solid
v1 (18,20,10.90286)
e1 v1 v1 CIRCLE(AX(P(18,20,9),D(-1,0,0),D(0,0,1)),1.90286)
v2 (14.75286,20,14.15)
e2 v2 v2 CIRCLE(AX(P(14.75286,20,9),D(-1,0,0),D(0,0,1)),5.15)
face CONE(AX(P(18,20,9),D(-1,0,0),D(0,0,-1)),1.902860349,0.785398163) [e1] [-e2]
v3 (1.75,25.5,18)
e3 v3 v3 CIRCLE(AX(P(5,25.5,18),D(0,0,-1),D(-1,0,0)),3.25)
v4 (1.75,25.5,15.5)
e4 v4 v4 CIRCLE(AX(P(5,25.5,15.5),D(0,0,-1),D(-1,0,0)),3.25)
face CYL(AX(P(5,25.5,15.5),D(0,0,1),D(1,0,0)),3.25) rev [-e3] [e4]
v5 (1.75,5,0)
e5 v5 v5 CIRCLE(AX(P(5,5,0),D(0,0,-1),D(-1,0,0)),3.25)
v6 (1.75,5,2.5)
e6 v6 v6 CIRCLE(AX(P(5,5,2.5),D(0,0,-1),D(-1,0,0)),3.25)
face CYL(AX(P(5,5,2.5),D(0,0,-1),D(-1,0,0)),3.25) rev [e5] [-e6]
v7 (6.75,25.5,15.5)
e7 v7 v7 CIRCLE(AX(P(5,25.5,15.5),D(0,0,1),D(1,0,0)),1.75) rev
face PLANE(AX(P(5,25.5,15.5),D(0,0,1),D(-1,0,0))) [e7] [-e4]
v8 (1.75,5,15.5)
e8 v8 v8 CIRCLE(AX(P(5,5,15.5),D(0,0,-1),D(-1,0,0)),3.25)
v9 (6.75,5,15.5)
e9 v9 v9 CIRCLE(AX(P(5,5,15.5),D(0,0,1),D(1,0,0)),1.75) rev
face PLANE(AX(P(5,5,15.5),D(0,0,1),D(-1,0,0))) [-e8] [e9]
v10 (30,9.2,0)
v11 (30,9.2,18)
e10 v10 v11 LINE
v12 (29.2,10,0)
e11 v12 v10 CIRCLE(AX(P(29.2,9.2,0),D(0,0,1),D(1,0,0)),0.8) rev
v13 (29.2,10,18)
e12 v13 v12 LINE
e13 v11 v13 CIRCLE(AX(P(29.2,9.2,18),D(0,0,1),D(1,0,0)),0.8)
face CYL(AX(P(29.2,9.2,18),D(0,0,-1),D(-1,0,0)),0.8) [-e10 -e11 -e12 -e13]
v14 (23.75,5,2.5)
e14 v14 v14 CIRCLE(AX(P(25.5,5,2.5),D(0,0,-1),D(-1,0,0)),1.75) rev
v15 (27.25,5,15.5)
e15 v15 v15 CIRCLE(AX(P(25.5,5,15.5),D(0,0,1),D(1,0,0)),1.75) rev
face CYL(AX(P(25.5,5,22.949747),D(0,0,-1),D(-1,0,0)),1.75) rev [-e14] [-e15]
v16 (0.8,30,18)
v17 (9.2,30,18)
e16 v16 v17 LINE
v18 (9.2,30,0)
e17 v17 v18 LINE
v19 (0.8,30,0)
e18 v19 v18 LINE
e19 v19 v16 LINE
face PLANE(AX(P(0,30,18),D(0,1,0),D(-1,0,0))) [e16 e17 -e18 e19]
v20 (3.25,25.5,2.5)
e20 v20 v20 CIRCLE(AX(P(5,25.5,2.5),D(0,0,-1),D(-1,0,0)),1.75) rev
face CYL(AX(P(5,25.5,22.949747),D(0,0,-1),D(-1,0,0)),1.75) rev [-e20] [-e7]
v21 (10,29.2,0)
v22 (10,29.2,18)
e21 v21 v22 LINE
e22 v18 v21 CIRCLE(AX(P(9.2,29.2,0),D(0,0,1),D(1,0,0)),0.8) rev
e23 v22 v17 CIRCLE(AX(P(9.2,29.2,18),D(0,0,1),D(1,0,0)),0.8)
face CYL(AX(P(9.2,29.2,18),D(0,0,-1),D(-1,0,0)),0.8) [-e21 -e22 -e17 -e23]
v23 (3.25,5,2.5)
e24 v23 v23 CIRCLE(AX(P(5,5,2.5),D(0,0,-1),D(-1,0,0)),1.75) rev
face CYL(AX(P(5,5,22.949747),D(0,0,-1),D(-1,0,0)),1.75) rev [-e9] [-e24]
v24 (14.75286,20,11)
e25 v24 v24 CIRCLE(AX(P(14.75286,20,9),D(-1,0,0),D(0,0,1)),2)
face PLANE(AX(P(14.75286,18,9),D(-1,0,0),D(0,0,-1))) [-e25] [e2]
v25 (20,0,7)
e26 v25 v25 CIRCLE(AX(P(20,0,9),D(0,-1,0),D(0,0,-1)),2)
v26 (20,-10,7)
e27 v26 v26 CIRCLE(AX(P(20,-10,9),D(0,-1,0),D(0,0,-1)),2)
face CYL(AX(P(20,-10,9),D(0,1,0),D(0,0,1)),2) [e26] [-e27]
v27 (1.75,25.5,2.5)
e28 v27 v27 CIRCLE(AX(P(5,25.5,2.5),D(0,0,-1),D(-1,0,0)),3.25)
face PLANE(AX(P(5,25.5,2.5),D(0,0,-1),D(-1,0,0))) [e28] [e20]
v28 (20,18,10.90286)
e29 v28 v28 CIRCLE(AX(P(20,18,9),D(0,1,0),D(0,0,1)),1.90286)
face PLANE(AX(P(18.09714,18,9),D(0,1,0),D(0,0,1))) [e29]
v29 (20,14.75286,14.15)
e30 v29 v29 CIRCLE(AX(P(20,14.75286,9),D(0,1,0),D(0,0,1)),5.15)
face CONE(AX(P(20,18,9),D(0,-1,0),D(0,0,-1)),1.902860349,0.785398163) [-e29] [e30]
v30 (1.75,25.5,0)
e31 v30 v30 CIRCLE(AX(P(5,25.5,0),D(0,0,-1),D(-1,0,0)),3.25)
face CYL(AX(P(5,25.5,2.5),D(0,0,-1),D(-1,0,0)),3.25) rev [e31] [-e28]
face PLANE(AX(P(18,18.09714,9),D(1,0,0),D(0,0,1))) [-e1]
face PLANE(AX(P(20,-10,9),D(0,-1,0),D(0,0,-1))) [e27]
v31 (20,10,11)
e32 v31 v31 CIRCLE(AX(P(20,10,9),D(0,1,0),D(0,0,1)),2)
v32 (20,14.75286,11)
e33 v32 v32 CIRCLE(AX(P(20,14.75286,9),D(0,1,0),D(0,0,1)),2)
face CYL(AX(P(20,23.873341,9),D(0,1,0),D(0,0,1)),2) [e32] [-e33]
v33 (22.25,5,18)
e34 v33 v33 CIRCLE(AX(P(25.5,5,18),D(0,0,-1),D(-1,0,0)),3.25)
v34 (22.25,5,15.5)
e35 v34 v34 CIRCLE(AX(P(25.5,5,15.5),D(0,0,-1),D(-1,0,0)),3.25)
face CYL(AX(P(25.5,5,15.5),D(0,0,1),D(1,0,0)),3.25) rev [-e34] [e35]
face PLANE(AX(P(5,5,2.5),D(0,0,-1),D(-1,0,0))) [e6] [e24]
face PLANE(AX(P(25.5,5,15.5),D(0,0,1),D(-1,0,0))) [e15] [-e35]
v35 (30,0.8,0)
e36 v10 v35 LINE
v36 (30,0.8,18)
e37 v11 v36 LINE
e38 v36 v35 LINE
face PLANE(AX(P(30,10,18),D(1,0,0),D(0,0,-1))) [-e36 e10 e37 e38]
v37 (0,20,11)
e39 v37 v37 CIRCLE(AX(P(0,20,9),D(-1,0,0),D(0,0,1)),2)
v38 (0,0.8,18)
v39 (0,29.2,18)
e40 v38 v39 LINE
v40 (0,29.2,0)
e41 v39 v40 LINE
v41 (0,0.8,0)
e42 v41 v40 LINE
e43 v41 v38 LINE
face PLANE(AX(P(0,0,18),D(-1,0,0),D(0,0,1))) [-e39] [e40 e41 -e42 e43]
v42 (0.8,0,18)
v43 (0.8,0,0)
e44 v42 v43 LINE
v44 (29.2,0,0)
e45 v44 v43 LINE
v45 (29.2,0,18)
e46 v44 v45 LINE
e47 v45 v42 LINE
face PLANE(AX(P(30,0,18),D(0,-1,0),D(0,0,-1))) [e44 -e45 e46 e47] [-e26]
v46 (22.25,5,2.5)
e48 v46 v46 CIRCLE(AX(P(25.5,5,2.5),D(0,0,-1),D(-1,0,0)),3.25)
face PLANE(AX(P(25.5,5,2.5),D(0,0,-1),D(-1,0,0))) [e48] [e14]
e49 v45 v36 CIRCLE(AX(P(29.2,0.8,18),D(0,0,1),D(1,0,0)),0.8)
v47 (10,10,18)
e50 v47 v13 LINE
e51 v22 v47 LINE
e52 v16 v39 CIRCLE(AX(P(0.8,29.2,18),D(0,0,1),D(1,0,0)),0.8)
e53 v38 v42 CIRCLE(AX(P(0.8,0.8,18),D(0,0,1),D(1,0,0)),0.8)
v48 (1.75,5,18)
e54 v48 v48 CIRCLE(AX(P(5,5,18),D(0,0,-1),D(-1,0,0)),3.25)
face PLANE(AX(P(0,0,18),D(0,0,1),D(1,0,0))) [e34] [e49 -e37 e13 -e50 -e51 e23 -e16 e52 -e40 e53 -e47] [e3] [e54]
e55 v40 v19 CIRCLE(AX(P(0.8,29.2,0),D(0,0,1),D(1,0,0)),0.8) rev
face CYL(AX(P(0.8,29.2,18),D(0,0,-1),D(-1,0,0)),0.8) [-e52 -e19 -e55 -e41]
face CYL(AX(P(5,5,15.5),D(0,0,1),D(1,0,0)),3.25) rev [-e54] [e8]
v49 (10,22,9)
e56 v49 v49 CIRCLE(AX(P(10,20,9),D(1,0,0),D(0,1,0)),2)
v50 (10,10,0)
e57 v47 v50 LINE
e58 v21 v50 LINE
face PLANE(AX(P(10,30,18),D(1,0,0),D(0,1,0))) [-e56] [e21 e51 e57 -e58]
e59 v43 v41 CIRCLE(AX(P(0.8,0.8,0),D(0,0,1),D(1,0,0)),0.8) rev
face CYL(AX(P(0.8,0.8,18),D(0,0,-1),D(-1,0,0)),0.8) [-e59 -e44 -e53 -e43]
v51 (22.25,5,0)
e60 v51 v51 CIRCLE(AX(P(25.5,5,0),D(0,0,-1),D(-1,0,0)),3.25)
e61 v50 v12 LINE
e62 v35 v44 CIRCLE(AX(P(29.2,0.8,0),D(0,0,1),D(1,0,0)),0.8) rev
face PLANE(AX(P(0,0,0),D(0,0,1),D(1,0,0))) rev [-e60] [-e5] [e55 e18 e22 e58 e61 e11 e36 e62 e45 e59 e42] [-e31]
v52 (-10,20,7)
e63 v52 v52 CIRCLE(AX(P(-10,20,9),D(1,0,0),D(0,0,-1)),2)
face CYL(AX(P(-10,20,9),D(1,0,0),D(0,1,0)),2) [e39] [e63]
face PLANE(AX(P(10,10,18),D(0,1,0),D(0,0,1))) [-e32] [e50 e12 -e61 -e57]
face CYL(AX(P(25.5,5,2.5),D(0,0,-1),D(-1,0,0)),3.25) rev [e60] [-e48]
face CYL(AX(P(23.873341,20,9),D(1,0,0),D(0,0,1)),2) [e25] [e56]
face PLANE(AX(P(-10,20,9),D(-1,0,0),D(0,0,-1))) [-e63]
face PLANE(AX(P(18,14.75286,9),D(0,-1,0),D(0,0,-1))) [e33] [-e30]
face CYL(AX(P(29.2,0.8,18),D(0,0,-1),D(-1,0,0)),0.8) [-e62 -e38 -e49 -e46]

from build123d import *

# Parameters (mm, degrees)
BOSS_EXTRUDE2_DEPTH = 18
SKETCH2_R           = 1.75
CUT_EXTRUDE1_DEPTH  = 18
SKETCH3_R           = 3.25
CUT_EXTRUDE2_DEPTH  = 2.5
FILLET1_R           = 0.8
SKETCH4_R           = 2
BOSS_EXTRUDE3_DEPTH = 10


with BuildPart() as part:
    # Sketch1 → Boss-Extrude2 (new body)
    with BuildSketch(Plane.XY):
        Polygon((0, 0), (0, 30), (10, 30), (10, 10), (30, 10), (30, 0), align=None)
    extrude(amount=BOSS_EXTRUDE2_DEPTH)

    # Sketch2 → Cut-Extrude1 (cut)
    with BuildSketch(Plane(origin=(0, 0, 0), x_dir=(-1, 0, 0), z_dir=(0, 0, -1))):
        with Locations((-25.5, 5)):
            Circle(SKETCH2_R)
        with Locations((-5, 5)):
            Circle(SKETCH2_R)
        with Locations((-5, 25.5)):
            Circle(SKETCH2_R)
    extrude(amount=-CUT_EXTRUDE1_DEPTH, mode=Mode.SUBTRACT)

    # Sketch3 → Cut-Extrude2 (cut)
    with BuildSketch(Plane(origin=(0, 0, 0), x_dir=(-1, 0, 0), z_dir=(0, 0, -1))):
        with Locations((-25.5, 5)):
            Circle(SKETCH3_R)
        with Locations((-5, 5)):
            Circle(SKETCH3_R)
        with Locations((-5, 25.5)):
            Circle(SKETCH3_R)
    cut_extrude2 = extrude(amount=-CUT_EXTRUDE2_DEPTH, mode=Mode.SUBTRACT)

    # Mirror1: Cut-Extrude2 across plane
    add(cut_extrude2.mirror(Plane.XY.offset(9)), mode=Mode.SUBTRACT)

    # Fillet1
    fillet1_edges = [part.edges().sort_by_distance(p)[0] for p in [
        (10, 30, 9),
        (0, 30, 9),
        (0, 0, 9),
        (30, 0, 9),
        (30, 10, 9),
    ]]
    fillet(fillet1_edges, radius=FILLET1_R)

    # Sketch4 → Boss-Extrude3 (add)
    with BuildSketch(Plane.XZ):
        with Locations(Location((20, 9, 0), (0, 0, 270))):
            Circle(SKETCH4_R)
    boss_extrude3 = extrude(amount=BOSS_EXTRUDE3_DEPTH)

    # Mirror2: Boss-Extrude3 across plane
    add(boss_extrude3.mirror(Plane(origin=(0, 0, 0), x_dir=(0, 0, 1), z_dir=(0.7071067811865438, -0.7071067811865512, 0))))

    # Sketch5 → Revolve4 (revolve)
    with BuildSketch(Plane.XY.offset(9), mode=Mode.PRIVATE) as revolve4_sk:
        Polygon((18, 10), (18, 14.752860349), (14.85, 14.752860349), (18.097139651, 18), (20, 18), (20, 10), align=None)
    revolve4 = revolve(revolve4_sk.sketch.rotate(Axis((20, 23.873341049, 9), (0, -1, 0)), 270), axis=Axis((20, 23.873341049, 9), (0, -1, 0)))

    # Mirror7: Revolve4 across plane
    add(revolve4.mirror(Plane(origin=(0, 0, 0), x_dir=(0, 0, 1), z_dir=(0.7071067811865438, -0.7071067811865512, 0))))


solid = part.part
